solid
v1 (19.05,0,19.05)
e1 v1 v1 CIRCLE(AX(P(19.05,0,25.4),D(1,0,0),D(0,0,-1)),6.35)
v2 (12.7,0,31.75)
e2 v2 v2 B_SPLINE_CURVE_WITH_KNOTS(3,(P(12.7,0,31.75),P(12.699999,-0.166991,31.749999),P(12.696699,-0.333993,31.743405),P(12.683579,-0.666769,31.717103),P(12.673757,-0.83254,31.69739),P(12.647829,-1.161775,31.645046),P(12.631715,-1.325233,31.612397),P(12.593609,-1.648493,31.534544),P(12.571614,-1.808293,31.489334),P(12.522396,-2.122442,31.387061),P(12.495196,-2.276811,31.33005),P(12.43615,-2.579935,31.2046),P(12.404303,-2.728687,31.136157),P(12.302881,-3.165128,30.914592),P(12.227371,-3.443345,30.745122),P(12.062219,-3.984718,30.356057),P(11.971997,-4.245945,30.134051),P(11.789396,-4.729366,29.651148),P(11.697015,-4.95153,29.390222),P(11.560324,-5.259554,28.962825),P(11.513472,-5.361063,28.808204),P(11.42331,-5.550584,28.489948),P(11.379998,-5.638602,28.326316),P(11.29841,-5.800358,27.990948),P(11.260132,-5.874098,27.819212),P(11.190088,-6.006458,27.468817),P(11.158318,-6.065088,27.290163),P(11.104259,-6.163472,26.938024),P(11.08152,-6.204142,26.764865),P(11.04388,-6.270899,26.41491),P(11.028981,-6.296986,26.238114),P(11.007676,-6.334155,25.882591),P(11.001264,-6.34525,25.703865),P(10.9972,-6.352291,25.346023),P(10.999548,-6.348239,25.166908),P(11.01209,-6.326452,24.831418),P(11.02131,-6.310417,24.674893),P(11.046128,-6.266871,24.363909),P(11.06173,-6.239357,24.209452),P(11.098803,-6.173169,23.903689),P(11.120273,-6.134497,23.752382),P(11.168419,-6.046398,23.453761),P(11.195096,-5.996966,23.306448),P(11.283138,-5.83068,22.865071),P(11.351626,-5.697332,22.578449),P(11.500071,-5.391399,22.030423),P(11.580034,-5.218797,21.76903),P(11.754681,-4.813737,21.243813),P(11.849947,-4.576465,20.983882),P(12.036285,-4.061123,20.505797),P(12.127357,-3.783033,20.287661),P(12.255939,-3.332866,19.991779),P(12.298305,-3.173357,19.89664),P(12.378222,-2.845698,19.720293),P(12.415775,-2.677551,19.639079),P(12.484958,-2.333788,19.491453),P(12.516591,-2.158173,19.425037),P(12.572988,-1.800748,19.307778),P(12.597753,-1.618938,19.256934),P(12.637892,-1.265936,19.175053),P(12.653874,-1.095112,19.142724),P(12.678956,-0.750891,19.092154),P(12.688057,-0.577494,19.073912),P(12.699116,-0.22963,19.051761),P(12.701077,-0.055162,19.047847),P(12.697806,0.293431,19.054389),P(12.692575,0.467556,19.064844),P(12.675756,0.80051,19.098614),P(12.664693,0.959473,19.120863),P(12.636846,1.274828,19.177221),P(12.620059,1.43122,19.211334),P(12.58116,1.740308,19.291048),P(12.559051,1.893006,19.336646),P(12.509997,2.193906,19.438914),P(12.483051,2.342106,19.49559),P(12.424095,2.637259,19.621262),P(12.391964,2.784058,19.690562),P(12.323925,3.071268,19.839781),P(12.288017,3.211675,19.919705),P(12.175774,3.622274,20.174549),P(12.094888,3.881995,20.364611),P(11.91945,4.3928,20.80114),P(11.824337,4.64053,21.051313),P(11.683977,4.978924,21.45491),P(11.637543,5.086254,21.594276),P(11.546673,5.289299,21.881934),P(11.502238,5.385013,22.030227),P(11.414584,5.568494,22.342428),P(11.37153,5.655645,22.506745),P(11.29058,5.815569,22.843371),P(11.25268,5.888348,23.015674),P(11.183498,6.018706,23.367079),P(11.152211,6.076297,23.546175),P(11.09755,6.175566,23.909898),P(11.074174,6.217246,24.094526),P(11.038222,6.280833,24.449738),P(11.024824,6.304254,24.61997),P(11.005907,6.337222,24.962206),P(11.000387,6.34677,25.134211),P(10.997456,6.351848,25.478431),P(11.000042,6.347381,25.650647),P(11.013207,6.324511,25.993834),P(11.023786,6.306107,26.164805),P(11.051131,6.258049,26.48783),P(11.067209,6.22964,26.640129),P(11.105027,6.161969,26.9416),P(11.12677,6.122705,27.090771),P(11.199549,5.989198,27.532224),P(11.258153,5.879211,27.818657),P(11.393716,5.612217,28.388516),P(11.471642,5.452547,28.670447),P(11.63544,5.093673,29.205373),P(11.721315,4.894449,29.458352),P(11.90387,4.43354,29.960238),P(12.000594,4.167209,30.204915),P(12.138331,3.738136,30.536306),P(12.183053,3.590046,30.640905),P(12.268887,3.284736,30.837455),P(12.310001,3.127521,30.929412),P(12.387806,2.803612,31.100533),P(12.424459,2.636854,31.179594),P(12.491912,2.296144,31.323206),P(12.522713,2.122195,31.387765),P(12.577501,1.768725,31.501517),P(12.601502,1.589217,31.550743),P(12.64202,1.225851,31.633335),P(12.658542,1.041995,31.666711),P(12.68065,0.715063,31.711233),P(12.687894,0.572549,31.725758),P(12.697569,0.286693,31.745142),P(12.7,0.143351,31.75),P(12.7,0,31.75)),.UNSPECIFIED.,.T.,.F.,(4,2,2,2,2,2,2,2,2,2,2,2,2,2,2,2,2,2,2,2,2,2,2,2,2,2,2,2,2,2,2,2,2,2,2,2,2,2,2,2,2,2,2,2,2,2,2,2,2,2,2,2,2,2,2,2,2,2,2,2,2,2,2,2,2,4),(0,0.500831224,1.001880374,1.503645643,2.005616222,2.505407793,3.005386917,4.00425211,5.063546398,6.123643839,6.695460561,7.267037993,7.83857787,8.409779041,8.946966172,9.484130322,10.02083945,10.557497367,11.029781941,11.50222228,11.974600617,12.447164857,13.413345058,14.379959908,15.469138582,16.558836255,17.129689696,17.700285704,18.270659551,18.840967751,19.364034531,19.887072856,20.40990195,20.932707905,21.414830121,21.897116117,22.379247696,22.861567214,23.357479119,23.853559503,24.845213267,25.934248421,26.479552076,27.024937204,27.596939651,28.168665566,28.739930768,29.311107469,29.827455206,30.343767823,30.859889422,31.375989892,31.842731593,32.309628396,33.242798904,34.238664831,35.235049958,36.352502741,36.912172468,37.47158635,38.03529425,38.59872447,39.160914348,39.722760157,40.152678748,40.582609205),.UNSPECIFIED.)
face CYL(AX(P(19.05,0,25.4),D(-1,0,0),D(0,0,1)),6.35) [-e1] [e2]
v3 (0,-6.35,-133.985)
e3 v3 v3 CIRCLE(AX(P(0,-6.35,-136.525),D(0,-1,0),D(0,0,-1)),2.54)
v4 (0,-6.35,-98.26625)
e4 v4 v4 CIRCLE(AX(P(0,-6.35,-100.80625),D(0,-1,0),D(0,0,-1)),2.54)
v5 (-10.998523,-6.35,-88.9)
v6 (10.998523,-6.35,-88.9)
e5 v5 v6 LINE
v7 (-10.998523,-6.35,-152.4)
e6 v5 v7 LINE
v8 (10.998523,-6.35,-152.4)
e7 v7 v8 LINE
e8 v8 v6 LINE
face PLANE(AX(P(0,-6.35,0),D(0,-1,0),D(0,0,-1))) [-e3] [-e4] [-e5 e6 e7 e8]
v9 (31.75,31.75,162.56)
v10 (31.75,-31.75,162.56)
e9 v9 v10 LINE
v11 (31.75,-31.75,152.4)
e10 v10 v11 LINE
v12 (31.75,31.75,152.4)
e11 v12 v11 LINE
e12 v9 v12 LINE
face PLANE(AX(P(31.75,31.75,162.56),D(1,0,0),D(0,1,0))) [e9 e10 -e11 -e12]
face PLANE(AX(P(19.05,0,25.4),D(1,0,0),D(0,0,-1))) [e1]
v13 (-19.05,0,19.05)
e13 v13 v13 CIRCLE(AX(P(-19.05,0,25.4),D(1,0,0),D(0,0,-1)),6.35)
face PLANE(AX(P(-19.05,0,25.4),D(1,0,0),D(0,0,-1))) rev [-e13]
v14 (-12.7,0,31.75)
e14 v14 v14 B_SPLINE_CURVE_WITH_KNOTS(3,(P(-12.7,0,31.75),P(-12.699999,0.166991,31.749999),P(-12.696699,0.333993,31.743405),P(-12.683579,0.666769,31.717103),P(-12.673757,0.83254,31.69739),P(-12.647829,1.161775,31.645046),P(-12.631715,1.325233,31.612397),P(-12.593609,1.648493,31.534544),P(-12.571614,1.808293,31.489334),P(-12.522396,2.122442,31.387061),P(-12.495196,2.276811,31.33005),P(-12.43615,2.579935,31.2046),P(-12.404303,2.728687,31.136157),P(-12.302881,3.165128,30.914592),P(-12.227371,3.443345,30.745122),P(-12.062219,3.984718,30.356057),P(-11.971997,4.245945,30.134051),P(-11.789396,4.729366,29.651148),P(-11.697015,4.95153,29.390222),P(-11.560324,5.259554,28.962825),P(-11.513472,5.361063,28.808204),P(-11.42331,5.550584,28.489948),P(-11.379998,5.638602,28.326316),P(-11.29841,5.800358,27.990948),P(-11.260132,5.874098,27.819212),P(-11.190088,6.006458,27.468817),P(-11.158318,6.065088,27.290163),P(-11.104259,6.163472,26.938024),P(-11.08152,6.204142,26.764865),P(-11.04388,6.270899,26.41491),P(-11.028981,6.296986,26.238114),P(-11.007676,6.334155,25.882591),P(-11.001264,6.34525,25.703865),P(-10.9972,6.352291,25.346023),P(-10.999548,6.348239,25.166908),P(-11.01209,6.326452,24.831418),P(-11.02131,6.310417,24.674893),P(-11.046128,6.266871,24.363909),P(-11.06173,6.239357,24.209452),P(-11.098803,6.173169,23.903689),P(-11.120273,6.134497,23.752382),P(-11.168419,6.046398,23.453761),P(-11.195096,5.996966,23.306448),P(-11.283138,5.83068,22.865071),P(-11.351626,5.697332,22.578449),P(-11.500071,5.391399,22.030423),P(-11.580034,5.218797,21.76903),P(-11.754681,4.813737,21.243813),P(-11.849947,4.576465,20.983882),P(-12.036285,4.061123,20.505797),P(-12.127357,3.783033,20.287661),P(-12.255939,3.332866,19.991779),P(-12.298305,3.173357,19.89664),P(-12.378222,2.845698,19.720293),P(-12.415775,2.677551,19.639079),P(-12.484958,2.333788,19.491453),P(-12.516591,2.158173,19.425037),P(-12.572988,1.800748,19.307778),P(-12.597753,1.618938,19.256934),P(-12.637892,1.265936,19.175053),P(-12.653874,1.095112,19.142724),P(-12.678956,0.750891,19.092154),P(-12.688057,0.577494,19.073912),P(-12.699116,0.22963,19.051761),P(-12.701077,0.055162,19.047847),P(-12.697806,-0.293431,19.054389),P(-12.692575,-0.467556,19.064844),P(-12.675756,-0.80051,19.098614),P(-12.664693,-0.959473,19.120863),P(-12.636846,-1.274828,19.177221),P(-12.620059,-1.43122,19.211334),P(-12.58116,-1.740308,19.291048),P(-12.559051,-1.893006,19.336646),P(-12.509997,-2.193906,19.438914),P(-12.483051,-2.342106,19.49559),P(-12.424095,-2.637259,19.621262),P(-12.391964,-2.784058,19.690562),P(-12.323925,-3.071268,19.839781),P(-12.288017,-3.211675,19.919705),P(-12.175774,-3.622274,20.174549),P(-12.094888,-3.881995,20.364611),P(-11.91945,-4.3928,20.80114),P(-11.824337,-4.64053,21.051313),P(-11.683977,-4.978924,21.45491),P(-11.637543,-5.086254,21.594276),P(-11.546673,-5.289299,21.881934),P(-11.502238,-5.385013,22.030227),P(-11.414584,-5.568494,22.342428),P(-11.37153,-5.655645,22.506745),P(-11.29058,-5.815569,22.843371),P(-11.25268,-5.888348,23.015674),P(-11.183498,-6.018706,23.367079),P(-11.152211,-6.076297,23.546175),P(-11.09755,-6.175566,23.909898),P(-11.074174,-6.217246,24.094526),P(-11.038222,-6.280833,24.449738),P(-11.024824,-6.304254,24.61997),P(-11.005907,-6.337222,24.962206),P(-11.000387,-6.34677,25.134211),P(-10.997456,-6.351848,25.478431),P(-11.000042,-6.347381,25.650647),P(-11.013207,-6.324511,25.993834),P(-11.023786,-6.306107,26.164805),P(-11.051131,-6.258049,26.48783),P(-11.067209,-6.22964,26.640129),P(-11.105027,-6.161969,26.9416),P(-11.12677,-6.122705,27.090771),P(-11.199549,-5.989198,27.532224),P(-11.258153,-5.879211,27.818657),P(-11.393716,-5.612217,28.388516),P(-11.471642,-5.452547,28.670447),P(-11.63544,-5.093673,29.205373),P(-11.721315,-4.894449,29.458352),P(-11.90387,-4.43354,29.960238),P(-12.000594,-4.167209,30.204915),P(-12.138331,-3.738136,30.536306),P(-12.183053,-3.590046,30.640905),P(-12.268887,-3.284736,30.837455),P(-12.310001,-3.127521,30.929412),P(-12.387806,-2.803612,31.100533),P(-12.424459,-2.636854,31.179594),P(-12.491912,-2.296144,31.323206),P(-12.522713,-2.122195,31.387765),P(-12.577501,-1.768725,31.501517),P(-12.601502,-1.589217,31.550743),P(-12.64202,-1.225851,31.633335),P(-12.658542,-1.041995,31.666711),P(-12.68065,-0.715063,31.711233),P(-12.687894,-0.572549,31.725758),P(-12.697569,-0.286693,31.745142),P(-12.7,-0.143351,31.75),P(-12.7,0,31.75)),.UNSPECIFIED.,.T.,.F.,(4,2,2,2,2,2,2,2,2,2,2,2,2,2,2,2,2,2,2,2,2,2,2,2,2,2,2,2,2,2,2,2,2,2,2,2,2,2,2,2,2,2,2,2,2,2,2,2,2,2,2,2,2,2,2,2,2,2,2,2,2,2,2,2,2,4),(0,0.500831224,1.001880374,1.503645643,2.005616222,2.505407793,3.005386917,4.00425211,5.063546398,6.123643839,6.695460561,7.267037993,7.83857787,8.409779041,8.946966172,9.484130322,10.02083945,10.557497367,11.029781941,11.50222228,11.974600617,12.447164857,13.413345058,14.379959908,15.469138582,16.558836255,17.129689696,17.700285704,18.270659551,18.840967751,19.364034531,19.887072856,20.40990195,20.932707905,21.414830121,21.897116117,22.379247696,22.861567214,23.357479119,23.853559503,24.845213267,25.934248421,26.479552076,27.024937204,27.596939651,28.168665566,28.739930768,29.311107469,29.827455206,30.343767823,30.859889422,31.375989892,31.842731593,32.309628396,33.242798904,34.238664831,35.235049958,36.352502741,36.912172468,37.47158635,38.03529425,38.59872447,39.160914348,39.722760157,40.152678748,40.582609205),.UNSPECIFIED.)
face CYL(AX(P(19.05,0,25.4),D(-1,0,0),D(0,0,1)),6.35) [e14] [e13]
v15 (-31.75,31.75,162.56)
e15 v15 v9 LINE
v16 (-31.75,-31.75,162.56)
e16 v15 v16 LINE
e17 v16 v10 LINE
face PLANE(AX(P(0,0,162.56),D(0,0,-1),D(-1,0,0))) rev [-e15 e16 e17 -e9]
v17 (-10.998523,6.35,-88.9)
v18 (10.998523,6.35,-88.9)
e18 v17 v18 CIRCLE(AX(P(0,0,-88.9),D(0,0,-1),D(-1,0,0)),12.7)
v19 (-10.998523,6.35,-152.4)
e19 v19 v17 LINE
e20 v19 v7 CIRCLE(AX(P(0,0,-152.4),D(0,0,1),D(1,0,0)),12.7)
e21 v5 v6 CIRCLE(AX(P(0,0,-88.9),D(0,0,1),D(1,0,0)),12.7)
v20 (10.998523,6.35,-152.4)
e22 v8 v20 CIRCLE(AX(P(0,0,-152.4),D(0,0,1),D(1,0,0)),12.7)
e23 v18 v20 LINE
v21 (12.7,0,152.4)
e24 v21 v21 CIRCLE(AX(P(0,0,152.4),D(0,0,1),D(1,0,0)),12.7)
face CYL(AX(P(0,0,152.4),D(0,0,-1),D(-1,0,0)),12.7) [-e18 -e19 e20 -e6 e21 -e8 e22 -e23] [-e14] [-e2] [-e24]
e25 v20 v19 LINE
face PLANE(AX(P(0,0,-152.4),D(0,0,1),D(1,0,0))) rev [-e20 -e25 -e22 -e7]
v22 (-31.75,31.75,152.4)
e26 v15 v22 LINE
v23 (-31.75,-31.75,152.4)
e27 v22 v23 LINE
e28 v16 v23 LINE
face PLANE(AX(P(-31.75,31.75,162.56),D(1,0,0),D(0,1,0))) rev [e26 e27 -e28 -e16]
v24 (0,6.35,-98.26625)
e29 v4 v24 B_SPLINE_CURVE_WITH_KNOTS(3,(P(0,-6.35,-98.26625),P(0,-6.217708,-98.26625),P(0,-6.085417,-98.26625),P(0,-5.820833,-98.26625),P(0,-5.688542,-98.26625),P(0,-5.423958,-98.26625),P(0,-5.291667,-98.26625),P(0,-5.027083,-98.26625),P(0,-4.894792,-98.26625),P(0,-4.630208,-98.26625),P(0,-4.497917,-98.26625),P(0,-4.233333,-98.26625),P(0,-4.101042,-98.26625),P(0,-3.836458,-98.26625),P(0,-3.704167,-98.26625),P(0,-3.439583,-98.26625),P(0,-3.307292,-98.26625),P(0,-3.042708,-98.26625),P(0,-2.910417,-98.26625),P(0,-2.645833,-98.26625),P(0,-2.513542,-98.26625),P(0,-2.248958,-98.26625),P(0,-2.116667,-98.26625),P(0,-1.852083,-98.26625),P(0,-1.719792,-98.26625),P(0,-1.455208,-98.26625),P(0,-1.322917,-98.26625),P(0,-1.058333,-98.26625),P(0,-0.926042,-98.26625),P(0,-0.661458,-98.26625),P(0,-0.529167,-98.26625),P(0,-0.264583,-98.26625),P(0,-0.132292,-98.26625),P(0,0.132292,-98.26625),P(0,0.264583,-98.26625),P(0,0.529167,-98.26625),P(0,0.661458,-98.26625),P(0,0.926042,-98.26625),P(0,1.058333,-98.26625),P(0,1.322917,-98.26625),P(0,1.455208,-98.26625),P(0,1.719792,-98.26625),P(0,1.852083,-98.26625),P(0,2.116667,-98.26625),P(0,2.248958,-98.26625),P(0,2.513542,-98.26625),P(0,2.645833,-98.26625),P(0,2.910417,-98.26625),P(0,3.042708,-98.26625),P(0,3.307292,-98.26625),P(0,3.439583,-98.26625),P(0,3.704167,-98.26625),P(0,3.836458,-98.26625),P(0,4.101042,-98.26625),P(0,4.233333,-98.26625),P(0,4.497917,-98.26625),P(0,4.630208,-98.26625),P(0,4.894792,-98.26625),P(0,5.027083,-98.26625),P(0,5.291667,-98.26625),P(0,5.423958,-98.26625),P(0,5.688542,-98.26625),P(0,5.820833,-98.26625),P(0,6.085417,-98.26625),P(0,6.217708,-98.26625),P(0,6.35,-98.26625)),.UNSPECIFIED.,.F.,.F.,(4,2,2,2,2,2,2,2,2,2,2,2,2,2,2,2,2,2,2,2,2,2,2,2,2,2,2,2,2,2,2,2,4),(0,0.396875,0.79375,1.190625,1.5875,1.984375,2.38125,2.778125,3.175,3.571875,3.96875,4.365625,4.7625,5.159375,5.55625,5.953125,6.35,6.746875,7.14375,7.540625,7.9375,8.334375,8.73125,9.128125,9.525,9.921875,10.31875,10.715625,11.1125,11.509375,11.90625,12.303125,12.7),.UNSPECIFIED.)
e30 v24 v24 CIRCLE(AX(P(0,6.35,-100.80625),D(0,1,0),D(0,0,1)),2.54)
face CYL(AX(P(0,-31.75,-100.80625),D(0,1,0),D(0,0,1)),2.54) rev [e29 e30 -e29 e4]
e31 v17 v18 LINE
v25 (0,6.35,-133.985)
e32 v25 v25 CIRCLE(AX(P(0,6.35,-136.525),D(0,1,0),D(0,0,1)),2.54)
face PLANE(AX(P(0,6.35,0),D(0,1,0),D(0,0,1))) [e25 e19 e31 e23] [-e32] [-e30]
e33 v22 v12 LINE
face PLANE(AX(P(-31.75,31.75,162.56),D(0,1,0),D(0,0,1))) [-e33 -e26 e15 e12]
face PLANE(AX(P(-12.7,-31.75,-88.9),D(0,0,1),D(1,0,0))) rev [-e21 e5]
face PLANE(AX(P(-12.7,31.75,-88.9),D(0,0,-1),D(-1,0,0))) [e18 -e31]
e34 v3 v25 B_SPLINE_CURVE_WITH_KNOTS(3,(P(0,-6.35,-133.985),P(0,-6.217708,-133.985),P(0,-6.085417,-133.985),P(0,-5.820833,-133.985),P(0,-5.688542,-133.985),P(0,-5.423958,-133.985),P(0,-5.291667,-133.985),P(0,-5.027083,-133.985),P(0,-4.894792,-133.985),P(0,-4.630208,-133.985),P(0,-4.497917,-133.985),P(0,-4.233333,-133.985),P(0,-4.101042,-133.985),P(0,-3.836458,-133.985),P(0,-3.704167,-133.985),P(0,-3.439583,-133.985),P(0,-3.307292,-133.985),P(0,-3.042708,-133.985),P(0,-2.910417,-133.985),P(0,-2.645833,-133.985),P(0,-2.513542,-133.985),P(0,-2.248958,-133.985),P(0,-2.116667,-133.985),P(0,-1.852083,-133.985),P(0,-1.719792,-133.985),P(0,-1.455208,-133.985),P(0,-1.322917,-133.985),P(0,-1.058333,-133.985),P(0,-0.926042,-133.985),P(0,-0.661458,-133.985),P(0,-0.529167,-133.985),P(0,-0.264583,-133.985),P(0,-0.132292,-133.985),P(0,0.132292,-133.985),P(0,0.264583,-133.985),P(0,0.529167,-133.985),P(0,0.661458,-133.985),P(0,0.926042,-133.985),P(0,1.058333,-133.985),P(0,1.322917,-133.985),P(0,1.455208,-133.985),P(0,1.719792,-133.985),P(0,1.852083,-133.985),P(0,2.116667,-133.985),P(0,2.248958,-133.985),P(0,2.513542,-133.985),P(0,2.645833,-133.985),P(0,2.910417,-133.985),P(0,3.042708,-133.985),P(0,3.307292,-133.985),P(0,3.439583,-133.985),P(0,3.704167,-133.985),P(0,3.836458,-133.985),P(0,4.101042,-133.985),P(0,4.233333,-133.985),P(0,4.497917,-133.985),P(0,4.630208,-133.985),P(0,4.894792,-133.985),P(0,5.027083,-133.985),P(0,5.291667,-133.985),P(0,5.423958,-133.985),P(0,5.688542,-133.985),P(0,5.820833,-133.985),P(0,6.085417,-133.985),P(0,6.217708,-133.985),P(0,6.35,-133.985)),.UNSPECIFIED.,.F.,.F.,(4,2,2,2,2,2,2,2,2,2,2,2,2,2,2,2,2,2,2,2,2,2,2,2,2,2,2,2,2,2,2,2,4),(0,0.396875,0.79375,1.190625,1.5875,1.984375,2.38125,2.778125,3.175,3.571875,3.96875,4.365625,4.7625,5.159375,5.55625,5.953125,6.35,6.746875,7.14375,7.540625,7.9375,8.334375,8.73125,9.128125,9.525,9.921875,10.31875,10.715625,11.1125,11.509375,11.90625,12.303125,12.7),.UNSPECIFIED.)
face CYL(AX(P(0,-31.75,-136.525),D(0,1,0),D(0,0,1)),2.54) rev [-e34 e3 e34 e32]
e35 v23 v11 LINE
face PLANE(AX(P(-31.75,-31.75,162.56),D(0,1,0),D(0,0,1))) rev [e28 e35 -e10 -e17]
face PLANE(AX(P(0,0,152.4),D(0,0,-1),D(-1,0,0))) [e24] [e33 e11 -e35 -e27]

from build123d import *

# Parameters (mm, degrees)
SKETCH1_R           = 12.7
BOSS_EXTRUDE3_DEPTH = 152.4
SKETCH12_W          = 63.5
SKETCH12_H          = 63.5
BOSS_EXTRUDE5_DEPTH = 10.16
SKETCH9_R           = 6.35
BOSS_EXTRUDE6_DEPTH = 19.05
SKETCH16_W          = 25.4
SKETCH16_H          = 63.5
CUT_EXTRUDE2_DEPTH  = 170.957130183
SKETCH17_W          = 25.4
SKETCH17_H          = 63.5
CUT_EXTRUDE3_DEPTH  = 170.957130183
SKETCH19_R          = 2.54
CUT_EXTRUDE5_DEPTH  = 170.957130183


with BuildPart() as part:
    # Sketch1 → Boss-Extrude3 (new, symmetric)
    with BuildSketch(Plane.XY):
        with Locations(Location((0, 0, 0), (0, 0, 180))):
            Circle(SKETCH1_R)
    extrude(amount=BOSS_EXTRUDE3_DEPTH, both=True)

    # Sketch12 → Boss-Extrude5 (add)
    with BuildSketch(Plane.XY.offset(152.4)):
        Rectangle(SKETCH12_W, SKETCH12_H)
    extrude(amount=BOSS_EXTRUDE5_DEPTH)

    # Sketch9 → Boss-Extrude6 (add, symmetric)
    with BuildSketch(Plane(origin=(0, 0, 0), x_dir=(0, 0, -1), z_dir=(1, 0, 0))):
        with Locations((-25.4, 0)):
            Circle(SKETCH9_R)
    extrude(amount=BOSS_EXTRUDE6_DEPTH, both=True)

    # Sketch16 → Cut-Extrude2 (cut, through all)
    with BuildSketch(Plane(origin=(0, -6.35, 0), x_dir=(1, 0, 0), z_dir=(0, 1, 0))):
        with Locations((0, 120.65)):
            Rectangle(SKETCH16_W, SKETCH16_H)
    extrude(amount=-CUT_EXTRUDE2_DEPTH, mode=Mode.SUBTRACT)

    # Sketch17 → Cut-Extrude3 (cut, through all)
    with BuildSketch(Plane(origin=(0, 6.35, 0), x_dir=(1, 0, 0), z_dir=(0, 1, 0))):
        with Locations((0, 120.65)):
            Rectangle(SKETCH17_W, SKETCH17_H)
    extrude(amount=CUT_EXTRUDE3_DEPTH, mode=Mode.SUBTRACT)

    # Sketch19 → Cut-Extrude5 (cut, through all)
    with BuildSketch(Plane(origin=(0, 6.35, 0), x_dir=(1, 0, 0), z_dir=(0, 1, 0))):
        with Locations(Location((0, 100.80625, 0), (0, 0, 270))):
            Circle(SKETCH19_R)
        with Locations(Location((0, 136.525, 0), (0, 0, 270))):
            Circle(SKETCH19_R)
    extrude(amount=-CUT_EXTRUDE5_DEPTH, mode=Mode.SUBTRACT)


solid = part.part
